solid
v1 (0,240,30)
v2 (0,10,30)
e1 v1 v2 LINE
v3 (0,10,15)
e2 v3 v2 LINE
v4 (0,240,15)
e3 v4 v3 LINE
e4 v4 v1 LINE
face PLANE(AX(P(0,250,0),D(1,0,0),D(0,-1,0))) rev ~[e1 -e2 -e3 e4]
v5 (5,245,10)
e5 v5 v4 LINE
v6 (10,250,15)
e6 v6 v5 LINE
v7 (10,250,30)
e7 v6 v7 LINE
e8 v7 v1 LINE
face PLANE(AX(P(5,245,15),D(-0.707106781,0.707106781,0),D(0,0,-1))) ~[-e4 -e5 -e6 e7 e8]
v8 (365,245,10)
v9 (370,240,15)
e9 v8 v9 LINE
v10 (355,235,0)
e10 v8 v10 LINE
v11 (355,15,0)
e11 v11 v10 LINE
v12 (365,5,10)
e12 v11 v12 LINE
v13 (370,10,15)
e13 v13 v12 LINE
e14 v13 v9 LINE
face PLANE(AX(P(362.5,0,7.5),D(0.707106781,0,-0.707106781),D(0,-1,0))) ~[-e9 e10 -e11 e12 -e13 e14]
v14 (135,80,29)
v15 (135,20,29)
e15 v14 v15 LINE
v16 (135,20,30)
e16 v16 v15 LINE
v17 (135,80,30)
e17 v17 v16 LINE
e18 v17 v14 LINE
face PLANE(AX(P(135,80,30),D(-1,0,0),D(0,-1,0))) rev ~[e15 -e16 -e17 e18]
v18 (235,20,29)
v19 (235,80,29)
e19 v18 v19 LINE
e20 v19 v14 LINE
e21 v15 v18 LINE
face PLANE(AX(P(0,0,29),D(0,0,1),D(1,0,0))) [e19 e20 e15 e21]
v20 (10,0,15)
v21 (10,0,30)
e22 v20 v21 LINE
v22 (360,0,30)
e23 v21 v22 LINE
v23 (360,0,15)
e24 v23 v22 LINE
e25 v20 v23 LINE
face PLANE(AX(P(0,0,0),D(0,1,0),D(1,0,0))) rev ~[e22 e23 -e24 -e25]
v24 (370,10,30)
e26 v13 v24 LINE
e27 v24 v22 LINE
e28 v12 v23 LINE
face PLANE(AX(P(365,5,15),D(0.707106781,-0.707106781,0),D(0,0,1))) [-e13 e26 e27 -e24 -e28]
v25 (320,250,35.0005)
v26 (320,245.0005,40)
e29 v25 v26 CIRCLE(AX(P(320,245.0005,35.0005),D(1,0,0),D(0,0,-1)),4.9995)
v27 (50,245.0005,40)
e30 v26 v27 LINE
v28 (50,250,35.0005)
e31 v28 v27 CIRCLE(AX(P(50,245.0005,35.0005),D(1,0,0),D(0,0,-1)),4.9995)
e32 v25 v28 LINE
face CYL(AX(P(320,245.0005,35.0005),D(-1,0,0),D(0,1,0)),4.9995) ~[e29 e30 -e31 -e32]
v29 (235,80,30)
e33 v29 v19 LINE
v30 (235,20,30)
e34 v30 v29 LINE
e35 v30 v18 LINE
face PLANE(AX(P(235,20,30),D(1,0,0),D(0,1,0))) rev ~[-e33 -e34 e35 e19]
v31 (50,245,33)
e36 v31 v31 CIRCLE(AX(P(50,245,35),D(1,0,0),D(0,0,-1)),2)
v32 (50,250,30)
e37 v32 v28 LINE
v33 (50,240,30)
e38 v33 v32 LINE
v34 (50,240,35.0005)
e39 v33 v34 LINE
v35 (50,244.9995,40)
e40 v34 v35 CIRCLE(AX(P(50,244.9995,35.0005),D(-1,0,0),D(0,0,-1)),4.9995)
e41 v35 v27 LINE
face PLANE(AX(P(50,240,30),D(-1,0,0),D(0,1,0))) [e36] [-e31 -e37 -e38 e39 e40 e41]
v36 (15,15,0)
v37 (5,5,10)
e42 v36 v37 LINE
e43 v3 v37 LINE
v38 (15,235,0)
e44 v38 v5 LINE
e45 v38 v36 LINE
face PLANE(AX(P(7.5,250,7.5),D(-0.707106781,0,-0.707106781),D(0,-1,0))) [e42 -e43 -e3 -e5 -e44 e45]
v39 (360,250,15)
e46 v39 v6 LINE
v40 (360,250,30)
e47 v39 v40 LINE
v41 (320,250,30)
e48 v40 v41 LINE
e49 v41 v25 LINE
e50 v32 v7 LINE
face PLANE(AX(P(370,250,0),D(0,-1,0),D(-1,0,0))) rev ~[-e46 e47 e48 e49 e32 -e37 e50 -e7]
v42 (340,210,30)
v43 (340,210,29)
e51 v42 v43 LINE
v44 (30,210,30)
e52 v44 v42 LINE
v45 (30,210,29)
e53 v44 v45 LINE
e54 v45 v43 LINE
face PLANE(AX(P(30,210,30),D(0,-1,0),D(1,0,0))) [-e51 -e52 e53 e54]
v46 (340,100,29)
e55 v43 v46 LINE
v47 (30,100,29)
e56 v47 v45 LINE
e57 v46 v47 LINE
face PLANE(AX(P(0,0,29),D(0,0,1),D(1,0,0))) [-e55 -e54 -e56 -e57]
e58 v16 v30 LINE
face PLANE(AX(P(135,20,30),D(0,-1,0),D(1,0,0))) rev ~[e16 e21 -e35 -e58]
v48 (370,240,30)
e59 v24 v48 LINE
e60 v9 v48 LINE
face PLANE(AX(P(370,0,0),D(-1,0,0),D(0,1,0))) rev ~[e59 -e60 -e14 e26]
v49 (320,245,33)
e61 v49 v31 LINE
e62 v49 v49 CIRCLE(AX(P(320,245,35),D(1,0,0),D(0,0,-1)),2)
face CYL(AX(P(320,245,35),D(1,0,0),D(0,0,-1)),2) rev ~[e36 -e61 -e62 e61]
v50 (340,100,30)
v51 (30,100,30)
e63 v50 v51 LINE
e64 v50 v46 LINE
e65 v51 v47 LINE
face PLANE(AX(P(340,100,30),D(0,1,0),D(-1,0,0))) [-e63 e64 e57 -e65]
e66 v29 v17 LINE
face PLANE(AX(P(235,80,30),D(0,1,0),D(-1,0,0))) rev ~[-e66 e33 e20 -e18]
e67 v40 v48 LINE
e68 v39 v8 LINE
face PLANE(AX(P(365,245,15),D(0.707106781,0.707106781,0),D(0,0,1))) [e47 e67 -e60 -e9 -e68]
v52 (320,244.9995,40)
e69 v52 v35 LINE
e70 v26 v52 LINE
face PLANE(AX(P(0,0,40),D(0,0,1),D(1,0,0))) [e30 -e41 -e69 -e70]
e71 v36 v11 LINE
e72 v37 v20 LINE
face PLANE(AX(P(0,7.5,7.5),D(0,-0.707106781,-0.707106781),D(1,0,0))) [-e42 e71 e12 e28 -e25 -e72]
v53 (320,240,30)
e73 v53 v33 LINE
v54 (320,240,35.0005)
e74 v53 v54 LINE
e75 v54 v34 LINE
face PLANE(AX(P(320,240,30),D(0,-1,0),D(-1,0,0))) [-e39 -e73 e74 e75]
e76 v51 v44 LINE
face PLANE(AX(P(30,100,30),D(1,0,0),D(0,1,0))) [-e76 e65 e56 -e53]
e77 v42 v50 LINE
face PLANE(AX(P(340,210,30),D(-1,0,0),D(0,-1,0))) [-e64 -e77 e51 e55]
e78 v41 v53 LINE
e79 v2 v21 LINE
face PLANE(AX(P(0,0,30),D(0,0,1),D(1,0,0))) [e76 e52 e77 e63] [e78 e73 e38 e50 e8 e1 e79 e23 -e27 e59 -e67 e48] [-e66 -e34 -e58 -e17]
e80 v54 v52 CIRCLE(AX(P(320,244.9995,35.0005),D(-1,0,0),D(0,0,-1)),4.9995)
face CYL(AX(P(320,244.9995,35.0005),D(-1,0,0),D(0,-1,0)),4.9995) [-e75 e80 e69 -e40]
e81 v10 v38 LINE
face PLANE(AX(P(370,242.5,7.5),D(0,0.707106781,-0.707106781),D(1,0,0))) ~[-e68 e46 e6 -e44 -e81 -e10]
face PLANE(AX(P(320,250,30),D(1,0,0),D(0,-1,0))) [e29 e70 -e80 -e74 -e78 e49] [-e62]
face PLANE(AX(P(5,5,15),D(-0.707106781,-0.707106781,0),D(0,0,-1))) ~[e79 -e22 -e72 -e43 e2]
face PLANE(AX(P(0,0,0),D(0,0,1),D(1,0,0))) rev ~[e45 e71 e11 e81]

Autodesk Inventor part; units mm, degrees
ref_plane "YZ Plane" through (0, 0, 0) normal (1, 0, 0) x (0, 1, 0)
ref_plane "XZ Plane" through (0, 0, 0) normal (0, 1, 0) x (-1, 0, 0)
ref_plane "XY Plane" through (0, 0, 0) normal (0, 0, 1) x (1, 0, 0)
sketch "スケッチ1" plane through (0, 0, 0) normal (0, 0, 1) x (1, 0, 0)
  line L0 (0, 0) -> (370, 0)
  line L1 (370, 0) -> (370, 250)
  line L2 (370, 250) -> (0, 250)
  line L3 (0, 250) -> (0, 0)
  dimension "d0" = 370
  dimension "d1" = 250
extrude "押し出し1" add sketch "スケッチ1" along normal blind 30
sketch "スケッチ2" plane through (0, 0, 30) normal (0, 0, 1) x (1, 0, 0)
  line L0 (370, 250) -> (0, 250) projected
  line L1 (50, 250) -> (320, 250)
  line L2 (320, 250) -> (320, 240)
  line L3 (320, 240) -> (50, 240)
  line L4 (50, 240) -> (50, 250)
  line L5 (0, 250) -> (0, 0) projected
  line L6 (370, 0) -> (370, 250) projected
  dimension "d4" = 50
  dimension "d5" = 50
  dimension "d6" = 10
extrude "押し出し2" add sketch "スケッチ2" along normal blind 10
fillet "フィレット1" radius 5 2 edges at (185, 240, 40) (185, 250, 40)
chamfer "面取り1" distance 15 angle 45 4 edges at (185, 0, 0) (0, 125, 0) (370, 125, 0) (185, 250, 0)
sketch "スケッチ3" plane through (0, 0, 30) normal (0, 0, 1) x (1, 0, 0)
  line L0 (0, 0) -> (370, 0) projected
  line L1 (185, 0) -> (185, 50) construction
  line L2 (135, 20) -> (235, 20)
  line L3 (235, 20) -> (235, 80)
  line L4 (235, 80) -> (135, 80)
  line L5 (135, 80) -> (135, 20)
  line L6 (135, 20) -> (235, 80) construction
  line L7 (235, 20) -> (135, 80) construction
  line L8 (185, 50) -> (185, 155) construction
  line L9 (30, 210) -> (340, 210)
  line L10 (340, 210) -> (340, 100)
  line L11 (340, 100) -> (30, 100)
  line L12 (30, 100) -> (30, 210)
  line L13 (30, 210) -> (340, 100) construction
  line L14 (340, 210) -> (30, 100) construction
  line L15 (370, 250) -> (320, 250) construction
  line L16 (370, 0) -> (370, 250) construction
  dimension "d13" = 60
  dimension "d14" = 100
  dimension "d15" = 20
  dimension "d16" = 20
  dimension "d17" = 40
  dimension "d18" = 30
extrude "押し出し3" cut sketch "スケッチ3" against normal blind 1
chamfer "面取り2" distance 10 angle 45 4 edges at (370, 0, 22.5) (0, 0, 22.5) (370, 250, 22.5) (0, 250, 22.5)
sketch "スケッチ4" plane through (320, 240, 30) normal (1, 0, 0) x (0, 0, -1)
  arc A0 (-5, 10) -> (-5, 0) centre (-5, 5) ccw projected
  circle A1 centre (-5, 5) radius 2
  point P0 (30, -240)
  dimension "d24" = 4
extrude "押し出し4" cut sketch "スケッチ4" against normal up to next
properties part number "PCパーツ1"
